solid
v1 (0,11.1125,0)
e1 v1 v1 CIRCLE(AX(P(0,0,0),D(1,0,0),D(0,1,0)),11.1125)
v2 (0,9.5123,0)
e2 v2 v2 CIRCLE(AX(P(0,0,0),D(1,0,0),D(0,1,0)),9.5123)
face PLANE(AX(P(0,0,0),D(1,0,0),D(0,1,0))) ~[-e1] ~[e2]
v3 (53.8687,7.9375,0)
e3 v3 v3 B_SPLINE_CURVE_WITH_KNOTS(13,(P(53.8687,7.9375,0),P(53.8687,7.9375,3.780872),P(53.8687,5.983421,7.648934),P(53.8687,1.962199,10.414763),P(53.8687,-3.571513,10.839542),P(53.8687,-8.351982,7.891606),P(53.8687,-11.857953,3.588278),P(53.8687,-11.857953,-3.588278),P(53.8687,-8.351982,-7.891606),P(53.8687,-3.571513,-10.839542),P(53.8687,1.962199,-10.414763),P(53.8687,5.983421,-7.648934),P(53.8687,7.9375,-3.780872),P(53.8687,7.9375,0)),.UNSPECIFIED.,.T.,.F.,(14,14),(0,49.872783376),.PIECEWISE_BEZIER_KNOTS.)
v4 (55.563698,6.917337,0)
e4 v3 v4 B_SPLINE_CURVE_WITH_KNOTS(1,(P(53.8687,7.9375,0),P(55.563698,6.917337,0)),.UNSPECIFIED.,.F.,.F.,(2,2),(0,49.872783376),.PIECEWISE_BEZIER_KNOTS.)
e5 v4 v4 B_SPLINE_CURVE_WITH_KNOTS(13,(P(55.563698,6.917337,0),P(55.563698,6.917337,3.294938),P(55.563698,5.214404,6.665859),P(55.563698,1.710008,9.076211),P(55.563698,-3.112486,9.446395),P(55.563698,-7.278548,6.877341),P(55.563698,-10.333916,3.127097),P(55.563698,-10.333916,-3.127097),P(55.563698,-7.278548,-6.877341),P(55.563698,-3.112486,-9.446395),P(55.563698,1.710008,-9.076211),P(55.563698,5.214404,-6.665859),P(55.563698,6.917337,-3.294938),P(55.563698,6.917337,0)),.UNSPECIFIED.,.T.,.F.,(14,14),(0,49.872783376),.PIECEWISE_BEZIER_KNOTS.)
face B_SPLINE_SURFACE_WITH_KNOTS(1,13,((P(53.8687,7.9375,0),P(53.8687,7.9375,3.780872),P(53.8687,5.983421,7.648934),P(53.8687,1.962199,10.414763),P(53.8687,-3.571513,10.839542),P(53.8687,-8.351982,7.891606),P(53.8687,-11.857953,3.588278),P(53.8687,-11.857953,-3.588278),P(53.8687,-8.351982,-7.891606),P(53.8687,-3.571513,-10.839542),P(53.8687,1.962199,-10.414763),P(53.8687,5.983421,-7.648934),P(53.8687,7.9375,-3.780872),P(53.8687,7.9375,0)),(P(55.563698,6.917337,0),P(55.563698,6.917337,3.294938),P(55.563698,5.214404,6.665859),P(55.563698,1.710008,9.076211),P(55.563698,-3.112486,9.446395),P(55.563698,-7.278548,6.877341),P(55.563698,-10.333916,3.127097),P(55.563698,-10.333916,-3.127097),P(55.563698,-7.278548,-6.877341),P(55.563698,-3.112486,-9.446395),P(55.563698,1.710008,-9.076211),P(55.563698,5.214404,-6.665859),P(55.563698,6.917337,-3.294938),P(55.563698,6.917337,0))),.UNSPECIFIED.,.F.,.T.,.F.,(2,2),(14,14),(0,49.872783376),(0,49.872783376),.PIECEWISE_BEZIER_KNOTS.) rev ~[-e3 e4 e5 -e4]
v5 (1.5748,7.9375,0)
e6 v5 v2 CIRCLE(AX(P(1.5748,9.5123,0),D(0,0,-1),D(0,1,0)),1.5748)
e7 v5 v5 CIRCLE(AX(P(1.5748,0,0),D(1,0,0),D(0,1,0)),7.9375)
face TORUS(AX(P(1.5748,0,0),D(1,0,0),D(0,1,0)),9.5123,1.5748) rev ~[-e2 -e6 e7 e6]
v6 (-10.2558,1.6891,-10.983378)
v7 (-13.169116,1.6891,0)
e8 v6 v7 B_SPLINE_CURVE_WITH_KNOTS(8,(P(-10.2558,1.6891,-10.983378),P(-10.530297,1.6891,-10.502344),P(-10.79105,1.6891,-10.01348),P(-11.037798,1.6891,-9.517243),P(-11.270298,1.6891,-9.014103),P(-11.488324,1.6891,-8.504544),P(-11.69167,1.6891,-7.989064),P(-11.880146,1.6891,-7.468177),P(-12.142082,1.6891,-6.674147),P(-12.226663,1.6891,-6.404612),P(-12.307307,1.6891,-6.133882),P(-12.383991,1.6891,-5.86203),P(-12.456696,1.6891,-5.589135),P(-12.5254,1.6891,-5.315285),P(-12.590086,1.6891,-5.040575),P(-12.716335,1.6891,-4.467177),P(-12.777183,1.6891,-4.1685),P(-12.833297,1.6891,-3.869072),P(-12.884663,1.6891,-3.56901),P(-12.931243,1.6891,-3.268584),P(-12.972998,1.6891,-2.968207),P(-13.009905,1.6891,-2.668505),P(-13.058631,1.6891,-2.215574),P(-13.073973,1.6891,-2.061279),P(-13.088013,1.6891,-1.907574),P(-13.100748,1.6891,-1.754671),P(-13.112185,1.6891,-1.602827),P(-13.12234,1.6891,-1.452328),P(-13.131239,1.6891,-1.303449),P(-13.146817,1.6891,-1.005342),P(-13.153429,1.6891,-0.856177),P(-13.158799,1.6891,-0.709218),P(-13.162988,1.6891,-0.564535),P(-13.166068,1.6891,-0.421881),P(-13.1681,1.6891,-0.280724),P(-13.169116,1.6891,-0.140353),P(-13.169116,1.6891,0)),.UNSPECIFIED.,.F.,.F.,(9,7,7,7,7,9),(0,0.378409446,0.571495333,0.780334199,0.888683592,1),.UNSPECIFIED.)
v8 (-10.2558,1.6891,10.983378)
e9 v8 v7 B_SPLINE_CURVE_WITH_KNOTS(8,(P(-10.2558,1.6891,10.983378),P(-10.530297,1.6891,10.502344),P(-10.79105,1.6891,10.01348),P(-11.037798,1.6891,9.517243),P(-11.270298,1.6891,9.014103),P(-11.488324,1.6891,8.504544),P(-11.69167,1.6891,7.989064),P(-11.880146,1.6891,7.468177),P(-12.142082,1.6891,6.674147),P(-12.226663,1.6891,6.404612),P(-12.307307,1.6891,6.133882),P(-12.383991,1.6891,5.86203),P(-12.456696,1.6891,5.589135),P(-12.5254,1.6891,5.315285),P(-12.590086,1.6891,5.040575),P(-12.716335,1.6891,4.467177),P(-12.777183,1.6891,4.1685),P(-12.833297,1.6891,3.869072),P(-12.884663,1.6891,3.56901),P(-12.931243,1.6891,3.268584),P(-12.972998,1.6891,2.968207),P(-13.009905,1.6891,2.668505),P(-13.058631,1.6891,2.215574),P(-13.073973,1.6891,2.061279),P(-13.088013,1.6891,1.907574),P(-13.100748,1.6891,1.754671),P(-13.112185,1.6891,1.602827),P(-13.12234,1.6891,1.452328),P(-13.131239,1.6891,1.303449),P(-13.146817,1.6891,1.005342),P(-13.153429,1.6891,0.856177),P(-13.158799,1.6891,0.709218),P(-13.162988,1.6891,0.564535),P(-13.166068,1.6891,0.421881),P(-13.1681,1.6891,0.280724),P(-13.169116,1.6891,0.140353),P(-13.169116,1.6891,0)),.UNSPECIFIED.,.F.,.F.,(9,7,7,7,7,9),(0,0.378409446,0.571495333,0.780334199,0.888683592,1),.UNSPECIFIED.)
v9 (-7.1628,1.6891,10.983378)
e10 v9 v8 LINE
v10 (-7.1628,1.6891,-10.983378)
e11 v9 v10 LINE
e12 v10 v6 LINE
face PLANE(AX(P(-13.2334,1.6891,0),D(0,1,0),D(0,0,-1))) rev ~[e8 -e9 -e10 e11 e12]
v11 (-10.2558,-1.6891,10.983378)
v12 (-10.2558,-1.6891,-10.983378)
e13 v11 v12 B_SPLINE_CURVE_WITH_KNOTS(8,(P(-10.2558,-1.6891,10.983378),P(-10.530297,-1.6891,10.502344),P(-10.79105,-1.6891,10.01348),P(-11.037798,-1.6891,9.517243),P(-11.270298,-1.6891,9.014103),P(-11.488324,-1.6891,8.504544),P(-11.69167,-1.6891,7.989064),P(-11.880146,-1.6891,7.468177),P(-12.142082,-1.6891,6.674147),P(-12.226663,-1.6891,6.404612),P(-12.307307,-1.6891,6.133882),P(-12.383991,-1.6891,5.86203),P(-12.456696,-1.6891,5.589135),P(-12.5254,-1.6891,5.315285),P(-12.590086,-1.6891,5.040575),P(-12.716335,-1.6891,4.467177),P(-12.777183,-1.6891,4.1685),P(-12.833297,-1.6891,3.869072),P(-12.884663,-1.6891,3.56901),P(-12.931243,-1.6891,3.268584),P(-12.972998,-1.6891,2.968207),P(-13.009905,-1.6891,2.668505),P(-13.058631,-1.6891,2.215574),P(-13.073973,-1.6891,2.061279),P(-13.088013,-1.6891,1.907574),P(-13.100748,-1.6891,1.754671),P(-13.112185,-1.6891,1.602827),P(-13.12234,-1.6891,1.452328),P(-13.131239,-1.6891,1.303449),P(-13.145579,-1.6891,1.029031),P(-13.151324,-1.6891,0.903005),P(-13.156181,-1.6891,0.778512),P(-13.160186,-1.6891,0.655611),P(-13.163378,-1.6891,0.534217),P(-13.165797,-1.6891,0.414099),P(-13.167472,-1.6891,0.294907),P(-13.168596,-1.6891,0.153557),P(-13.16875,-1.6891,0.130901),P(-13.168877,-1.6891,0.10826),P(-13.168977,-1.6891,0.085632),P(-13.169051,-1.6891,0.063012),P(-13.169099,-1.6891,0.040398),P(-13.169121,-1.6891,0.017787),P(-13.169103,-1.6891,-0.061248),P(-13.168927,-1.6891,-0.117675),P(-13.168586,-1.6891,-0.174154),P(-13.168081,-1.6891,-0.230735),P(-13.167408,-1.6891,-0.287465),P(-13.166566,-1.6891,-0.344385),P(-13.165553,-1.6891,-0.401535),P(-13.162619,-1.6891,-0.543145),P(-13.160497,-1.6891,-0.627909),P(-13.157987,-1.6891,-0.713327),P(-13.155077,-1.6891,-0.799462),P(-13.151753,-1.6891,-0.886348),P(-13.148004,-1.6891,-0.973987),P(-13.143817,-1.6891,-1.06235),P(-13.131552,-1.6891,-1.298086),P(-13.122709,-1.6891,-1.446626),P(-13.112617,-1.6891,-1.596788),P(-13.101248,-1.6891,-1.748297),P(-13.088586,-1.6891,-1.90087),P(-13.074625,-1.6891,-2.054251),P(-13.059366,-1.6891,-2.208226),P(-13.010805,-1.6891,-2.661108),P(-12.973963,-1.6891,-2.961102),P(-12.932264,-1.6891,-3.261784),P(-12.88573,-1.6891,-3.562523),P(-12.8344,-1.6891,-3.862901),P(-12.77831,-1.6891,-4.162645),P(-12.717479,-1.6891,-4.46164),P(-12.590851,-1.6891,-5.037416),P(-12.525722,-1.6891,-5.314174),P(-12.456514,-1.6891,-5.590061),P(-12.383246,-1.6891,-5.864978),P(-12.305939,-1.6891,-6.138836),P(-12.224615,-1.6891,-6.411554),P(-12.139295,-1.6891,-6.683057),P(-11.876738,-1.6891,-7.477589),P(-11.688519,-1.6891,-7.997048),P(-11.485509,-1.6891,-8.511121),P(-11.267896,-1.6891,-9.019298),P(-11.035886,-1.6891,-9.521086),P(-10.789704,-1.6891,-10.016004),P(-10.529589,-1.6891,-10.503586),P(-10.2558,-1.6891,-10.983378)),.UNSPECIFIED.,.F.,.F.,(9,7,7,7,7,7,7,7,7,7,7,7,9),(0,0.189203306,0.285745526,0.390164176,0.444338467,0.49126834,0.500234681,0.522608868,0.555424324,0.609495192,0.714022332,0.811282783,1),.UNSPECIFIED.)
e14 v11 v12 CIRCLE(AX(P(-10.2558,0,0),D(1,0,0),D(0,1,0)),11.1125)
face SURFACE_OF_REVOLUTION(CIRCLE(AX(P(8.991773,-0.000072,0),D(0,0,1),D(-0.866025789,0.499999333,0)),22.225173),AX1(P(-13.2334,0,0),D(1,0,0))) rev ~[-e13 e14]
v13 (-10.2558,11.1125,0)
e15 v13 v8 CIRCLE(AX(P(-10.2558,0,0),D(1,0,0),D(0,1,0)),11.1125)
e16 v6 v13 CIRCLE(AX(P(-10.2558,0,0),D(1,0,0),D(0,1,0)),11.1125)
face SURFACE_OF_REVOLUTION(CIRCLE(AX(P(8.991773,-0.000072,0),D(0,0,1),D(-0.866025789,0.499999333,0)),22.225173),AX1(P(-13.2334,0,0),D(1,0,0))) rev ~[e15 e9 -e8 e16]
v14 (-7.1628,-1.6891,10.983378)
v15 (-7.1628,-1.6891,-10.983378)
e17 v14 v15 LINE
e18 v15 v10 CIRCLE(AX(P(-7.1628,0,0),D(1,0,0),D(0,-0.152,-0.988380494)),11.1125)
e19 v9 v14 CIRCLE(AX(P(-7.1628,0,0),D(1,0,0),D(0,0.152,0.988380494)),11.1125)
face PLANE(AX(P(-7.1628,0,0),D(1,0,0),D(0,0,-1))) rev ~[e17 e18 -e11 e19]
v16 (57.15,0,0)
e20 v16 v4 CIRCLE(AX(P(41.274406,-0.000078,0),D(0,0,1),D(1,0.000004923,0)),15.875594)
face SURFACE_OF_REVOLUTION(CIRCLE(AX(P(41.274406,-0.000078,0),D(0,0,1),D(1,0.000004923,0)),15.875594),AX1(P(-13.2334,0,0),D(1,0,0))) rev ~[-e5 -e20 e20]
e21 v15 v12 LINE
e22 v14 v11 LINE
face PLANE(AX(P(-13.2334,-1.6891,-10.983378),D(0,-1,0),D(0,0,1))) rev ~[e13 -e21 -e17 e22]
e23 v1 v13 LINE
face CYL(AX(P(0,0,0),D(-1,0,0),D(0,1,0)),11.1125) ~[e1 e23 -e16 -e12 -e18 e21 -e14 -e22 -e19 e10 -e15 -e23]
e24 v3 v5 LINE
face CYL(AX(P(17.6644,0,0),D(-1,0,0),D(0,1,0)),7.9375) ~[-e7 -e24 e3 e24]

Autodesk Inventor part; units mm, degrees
ref_plane "YZ Plane" through (0, 0, 0) normal (1, 0, 0) x (0, 1, 0)
sketch "Sketch1" plane through (0, 0, 0) normal (0, 0, 1) x (1, 0, 0)
  line L0 (-13.2334, 0) -> (57.15, 0)
  line L1 (57.15, 0) -> (57.15, 7.9375)
  line L2 (57.15, 7.9375) -> (19.05, 7.9375)
  line L3 (19.05, 7.9375) -> (17.6644, 7.9375)
  line L4 (17.6644, 7.9375) -> (0, 7.9375)
  line L5 (0, 7.9375) -> (0, 11.1125)
  line L6 (-28.1879, 0) -> (71.373, 0) projected
  line L7 (0, -2.2617) -> (0, 13.5702) projected
  line L8 (0, 11.1125) -> (-10.2558, 11.1125)
  arc A0 (-10.2558, 11.1125) -> (-13.2334, 0) centre (8.9916, 0) ccw
  line L9 (19.05, 7.9375) -> (0, 7.9375) construction
  dimension "d0" = 57.15
  dimension "d1" = 38.1
  dimension "d2" = 1.3856
  dimension "d3" = 13.2334
  dimension "d4" = 15.875
  dimension "d5" = 15.875
  dimension "d9" = 22.225
  dimension "d10" = 0
  dimension "d13" = 22.225
revolve "Body" add sketch "Sketch1" angle 360 about axis through (-13.2334, 0, 0) along (1, 0, 0)
ref_plane "IDS_WORKPLANE{1}" through (-13.2334, 0, 0) normal (1, 0, 0) x (0, 0, -1)
sketch "Sketch2" plane through (-13.2334, 0, 0) normal (1, 0, 0) x (0, 0, -1)
  circle A0 centre (0, 0) radius 11.1125 projected
  line L0 (0, -15.5575) -> (0, 15.5575) projected
  line L1 (15.5575, 0) -> (-15.5575, 0) projected
  line L2 (-11.1125, 1.6891) -> (11.1125, 1.6891)
  line L3 (11.1125, 1.6891) -> (11.1125, -1.6891)
  line L4 (11.1125, -1.6891) -> (-11.1125, -1.6891)
  line L5 (-11.1125, -1.6891) -> (-11.1125, 1.6891)
  line L6 (-11.1125, 0) -> (11.1125, 0) construction
  line L7 (0, 1.6891) -> (0, -1.6891) construction
  dimension "d15" = 3.3782
extrude "Slot" cut sketch "Sketch2" along normal blind 6.0706 contours L1 L0 L2 A0 | L3 L4 A0 | A0 L4 L0 L1 | A0 L2 L3 | L1 A0 L2 L0 | L0 L4 A0 L1 | L5 L2 A0 | A0 L4 L5
thread "Thread" size "5/8-11 UNC" class "2A" standard "ANSI Unified Screw Threads" length 38.1
sketch "Sketch3" plane through (0, 0, 0) normal (0, 0, 1) x (1, 0, 0)
  line L0 (57.15, 0) -> (57.15, 7.9375) projected
  line L1 (57.15, 7.9375) -> (19.05, 7.9375) projected
  line L2 (-13.2334, 0) -> (57.15, 0) projected
  arc A0 (57.15, 0) -> (55.0232, 7.9375) centre (41.275, 0) ccw
  line L3 (57.15, -7.9375) -> (57.15, 7.9375) projected
  line L4 (55.0232, 7.9375) -> (55.0232, 0)
  line L5 (55.0232, 0) -> (57.15, 0)
  dimension "d40" = 15.875
revolve "Fillet1" cut sketch "Sketch3" angle 360 about axis through (-13.2334, 0, 0) along (1, 0, 0) contours A0 L1 L0
chamfer "Chamfer" distance 1.1545 angle 45 1 edges at (55.0232, -7.9375, 0)
ref_plane "Work Plane2" through (41.275, 0, 0) normal (0, 0, -1) x (1, 0, 0)
fillet "Fillet4" radius 1.5748 1 edges at (0, -7.9375, 0)
equation "\"d0\" = NLG"
equation "\"d1\" = GEL"
equation "\"d2\" = GAL"
equation "\"d3\" = KOH"
equation "\"d4\" = GD"
equation "\"d5\" = BDM"
equation "\"d9\" = KOD"
equation "\"d13\" = KR"
equation "\"d15\" = SBR"
equation "\"d16\" = STI"
equation "\"d40\" = GD"
equation "\"d46\" = R"
equation "\"d11\" = GEL"
equation "\"d43\" = 0.5 * RR"
equation "\"GD\" = NND"
equation "\"NLG\" = 57.15"
equation "\"GEL\" = 38.1"
equation "\"KOD\" = 22.225"
equation "\"KOH\" = 13.2334"
equation "\"GAL\" = 1.38557"
equation "\"BDM\" = NND"
equation "\"SBR\" = 3.3782"
equation "\"STI\" = 6.0706"
equation "\"KEWI\" = 0"
equation "\"KR\" = KOD"
equation "\"d14\" = -KOH"
equation "\"R\" = 1.5748"
equation "\"THREADDIA\" = 15.875"
equation "\"TOA\" = 30deg"
equation "\"KOH1\" = 10.7188"
equation "\"NND\" = 15.875"
equation "\"GD1\" = 13.12672"
equation "\"THREADDESC\" = 1.2345"
equation "\"RR\" = 2.309091"
properties part number "ANSI B18.6.2 - 5/8-11 UNC - 2.25, SFHCSI" material "Steel, Mild"
